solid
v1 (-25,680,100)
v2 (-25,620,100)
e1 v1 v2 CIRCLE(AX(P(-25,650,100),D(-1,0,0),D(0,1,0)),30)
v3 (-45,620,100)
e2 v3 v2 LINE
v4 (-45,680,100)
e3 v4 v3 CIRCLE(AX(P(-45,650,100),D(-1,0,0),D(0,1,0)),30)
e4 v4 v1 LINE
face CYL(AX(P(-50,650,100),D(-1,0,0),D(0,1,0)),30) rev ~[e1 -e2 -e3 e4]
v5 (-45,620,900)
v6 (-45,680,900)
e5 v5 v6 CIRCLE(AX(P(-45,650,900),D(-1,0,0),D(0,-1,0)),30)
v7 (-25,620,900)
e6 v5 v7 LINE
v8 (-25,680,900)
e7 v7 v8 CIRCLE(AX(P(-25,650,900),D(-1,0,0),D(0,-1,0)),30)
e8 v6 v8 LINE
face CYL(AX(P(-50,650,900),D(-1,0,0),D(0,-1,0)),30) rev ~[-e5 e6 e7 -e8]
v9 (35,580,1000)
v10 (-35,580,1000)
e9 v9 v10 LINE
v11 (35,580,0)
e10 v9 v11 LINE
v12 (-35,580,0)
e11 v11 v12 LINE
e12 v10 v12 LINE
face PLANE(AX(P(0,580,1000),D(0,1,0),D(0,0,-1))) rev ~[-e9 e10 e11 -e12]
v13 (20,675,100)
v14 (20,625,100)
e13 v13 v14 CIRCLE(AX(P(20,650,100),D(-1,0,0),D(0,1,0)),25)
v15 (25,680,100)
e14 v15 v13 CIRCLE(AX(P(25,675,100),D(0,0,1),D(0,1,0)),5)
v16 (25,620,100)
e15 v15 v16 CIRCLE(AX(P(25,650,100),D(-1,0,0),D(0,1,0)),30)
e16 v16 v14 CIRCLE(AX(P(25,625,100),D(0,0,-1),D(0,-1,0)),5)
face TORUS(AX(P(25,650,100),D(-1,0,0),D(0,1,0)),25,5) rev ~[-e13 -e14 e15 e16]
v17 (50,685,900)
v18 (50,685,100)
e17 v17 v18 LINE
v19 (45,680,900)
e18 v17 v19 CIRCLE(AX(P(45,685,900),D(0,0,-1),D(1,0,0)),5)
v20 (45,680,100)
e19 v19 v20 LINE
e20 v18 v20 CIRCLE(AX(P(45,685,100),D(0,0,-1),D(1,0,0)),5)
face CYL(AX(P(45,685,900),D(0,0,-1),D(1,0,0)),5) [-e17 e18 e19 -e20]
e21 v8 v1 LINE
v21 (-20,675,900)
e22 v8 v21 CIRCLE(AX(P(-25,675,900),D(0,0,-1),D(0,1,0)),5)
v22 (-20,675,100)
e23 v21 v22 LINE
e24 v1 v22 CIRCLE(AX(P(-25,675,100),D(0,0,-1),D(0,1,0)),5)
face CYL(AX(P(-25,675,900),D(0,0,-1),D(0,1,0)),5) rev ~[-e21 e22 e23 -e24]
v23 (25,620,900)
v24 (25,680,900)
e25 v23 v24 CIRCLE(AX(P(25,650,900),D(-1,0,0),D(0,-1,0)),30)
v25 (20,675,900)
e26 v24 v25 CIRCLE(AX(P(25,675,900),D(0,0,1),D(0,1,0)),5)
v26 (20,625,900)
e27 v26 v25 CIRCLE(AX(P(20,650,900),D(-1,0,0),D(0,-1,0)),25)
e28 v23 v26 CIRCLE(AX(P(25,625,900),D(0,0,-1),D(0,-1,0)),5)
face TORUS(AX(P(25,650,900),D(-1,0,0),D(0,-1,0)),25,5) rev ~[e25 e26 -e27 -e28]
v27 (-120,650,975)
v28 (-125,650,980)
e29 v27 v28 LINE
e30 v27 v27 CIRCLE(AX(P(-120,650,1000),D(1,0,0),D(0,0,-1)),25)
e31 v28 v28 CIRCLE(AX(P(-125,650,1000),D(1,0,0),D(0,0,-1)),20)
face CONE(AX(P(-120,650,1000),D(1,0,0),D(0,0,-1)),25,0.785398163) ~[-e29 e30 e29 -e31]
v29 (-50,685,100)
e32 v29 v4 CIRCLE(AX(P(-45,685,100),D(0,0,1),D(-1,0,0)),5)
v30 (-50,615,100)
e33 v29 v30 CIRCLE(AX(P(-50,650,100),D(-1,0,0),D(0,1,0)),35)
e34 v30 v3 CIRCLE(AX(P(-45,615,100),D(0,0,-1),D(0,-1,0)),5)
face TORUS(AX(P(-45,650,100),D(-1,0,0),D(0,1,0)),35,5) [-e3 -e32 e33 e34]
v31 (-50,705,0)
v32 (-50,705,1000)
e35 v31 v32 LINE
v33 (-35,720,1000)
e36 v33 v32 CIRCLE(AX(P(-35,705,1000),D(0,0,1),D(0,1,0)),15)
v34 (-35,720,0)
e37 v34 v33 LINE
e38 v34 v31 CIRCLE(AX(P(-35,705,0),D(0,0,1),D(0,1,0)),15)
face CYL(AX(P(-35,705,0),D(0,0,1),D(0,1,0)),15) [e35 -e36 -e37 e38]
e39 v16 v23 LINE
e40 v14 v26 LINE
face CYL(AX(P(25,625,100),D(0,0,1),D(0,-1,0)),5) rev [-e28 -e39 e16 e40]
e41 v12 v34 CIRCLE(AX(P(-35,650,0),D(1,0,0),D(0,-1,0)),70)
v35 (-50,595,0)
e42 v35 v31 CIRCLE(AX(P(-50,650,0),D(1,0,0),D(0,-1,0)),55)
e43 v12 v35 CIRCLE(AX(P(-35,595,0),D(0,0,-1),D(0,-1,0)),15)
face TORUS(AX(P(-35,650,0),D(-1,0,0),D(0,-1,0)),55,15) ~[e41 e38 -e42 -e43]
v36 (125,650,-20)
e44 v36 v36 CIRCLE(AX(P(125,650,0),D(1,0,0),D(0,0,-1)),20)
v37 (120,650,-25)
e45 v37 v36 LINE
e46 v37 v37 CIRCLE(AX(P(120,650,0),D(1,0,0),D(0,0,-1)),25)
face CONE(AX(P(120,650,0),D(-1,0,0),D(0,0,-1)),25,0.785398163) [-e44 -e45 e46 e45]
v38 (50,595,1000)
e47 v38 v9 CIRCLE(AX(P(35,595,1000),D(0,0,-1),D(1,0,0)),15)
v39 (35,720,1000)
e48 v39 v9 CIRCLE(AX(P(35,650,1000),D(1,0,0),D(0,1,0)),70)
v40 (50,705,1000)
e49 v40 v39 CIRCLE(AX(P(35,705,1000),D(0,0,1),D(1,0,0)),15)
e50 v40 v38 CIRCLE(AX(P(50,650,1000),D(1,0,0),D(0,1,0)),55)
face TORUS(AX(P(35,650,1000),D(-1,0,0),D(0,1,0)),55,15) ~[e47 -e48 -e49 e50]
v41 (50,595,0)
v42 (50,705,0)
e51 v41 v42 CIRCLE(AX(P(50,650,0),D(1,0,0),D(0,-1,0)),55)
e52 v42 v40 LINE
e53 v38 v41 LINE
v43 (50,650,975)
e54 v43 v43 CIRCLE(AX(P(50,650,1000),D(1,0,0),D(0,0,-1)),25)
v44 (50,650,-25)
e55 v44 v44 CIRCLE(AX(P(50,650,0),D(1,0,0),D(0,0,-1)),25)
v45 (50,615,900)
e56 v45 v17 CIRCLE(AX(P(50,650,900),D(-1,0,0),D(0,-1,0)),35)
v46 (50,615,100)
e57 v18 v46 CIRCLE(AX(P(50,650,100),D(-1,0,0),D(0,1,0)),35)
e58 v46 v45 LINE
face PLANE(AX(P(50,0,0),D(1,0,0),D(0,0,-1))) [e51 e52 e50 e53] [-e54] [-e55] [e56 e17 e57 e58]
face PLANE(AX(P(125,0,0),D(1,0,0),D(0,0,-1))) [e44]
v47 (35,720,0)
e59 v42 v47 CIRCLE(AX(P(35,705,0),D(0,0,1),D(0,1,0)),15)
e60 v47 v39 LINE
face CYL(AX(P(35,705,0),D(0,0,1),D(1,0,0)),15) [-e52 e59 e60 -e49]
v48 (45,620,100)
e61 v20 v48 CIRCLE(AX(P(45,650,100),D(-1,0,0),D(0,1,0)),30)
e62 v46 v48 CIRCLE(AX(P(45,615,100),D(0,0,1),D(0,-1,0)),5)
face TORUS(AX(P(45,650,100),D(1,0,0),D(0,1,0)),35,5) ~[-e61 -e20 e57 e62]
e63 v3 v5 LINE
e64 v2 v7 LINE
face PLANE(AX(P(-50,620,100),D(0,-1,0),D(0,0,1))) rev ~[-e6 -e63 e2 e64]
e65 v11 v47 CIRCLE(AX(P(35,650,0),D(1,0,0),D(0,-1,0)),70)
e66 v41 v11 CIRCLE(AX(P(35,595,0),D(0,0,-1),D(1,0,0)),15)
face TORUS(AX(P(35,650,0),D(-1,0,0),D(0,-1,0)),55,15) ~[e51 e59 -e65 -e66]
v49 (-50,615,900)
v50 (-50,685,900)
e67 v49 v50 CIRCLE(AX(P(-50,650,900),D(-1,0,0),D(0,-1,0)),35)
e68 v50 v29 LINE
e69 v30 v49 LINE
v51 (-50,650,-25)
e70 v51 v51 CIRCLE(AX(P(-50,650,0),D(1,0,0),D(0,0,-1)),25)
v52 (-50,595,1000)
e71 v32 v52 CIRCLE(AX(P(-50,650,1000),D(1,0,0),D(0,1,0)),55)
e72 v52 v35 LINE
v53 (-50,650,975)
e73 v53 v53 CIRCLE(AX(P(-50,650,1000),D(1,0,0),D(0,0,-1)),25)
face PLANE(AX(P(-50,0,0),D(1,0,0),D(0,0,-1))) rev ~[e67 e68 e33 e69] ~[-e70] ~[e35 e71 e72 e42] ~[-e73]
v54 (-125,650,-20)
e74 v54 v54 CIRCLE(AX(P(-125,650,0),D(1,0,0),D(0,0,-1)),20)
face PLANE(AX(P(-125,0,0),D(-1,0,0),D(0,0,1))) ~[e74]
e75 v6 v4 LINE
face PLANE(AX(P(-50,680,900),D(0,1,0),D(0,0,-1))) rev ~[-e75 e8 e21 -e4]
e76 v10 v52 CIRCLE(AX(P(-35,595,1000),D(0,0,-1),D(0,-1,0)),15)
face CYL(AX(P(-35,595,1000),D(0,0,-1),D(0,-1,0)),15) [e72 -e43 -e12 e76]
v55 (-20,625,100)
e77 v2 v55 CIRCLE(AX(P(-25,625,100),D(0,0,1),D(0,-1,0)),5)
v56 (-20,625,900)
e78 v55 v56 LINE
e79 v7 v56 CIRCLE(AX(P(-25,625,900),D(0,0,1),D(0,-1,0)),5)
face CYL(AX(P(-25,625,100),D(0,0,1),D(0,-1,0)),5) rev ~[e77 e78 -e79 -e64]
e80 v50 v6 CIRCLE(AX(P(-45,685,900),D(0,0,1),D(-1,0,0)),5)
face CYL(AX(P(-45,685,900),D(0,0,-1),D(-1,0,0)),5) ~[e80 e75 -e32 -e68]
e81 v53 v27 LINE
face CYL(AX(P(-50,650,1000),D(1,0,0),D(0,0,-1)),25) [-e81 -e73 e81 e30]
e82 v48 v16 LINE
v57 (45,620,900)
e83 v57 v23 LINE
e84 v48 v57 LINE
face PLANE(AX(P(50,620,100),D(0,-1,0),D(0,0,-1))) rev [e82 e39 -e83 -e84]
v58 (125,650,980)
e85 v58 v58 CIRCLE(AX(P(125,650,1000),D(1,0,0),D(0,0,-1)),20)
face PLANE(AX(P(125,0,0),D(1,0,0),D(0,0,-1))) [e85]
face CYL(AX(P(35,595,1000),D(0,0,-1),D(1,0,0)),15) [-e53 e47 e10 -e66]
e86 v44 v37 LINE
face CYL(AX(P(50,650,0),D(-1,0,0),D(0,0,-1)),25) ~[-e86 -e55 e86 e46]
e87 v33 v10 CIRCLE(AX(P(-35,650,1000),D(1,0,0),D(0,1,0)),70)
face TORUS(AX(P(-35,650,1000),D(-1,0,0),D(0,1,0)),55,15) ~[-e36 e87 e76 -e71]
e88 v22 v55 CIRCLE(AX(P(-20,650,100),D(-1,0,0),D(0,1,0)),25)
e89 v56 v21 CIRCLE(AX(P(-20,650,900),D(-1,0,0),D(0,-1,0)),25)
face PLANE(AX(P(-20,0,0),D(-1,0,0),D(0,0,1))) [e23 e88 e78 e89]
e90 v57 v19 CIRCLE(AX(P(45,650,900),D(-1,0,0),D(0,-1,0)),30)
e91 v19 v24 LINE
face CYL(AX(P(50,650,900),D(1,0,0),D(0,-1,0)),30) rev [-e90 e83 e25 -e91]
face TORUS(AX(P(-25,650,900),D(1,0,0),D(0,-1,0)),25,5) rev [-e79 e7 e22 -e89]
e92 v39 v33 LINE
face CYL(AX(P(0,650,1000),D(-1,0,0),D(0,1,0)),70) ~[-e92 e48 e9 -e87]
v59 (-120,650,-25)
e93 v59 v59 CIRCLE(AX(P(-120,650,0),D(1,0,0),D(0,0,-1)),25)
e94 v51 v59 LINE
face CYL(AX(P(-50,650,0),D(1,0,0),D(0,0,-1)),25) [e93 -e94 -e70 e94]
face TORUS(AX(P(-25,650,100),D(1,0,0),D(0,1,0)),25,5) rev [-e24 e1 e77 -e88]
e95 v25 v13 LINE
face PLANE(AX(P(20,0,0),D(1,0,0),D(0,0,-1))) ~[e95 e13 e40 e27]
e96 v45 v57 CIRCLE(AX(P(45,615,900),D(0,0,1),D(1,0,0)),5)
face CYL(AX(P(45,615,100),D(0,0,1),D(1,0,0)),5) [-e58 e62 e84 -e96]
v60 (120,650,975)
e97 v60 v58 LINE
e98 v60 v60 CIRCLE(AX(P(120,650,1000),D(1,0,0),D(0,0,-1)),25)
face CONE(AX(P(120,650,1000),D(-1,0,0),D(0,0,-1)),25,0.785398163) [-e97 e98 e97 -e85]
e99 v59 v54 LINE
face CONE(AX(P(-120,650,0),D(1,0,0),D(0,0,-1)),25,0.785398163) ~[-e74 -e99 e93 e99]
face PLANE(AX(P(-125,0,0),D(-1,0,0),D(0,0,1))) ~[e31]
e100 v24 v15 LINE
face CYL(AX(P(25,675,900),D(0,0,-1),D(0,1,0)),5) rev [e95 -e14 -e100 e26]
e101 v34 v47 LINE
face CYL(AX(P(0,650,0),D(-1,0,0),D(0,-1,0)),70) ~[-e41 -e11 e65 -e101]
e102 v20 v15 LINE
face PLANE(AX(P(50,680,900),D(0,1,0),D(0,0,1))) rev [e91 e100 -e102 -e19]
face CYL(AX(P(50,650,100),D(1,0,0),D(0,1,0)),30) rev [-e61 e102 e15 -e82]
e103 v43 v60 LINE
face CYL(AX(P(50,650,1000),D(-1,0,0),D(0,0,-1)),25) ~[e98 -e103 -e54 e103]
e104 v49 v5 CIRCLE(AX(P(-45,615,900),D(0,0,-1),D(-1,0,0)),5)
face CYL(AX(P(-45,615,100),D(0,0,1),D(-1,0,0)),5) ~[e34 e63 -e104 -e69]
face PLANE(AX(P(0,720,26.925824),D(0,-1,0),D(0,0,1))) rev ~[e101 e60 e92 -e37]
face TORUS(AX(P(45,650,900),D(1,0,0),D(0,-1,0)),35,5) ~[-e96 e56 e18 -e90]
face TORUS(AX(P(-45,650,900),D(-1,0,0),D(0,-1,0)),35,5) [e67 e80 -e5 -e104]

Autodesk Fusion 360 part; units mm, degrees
sketch "Sketch3" plane through (0, 0, 0) normal (1, 0, 0) x (0, 0, -1)
  circle A0 centre (0, 650) radius 25
  line L0 (0, 720) -> (-1000, 720)
  arc A1 (-1000, 720) -> (-1000, 580) centre (-1000, 650) ccw
  line L1 (-1000, 580) -> (0, 580)
  arc A2 (0, 580) -> (0, 720) centre (0, 650) ccw
  line L2 (0, 650) -> (-1000, 650) construction
  arc A3 (75, 650) -> (-75, 650) centre (0, 650) ccw
  dimension "d1" = 1000
  dimension "d2" = 70
extrude "Extrude1" add sketch "Sketch3" along normal mid plane 100 contours A0 | L0 A1 L1 A2
sketch "Sketch1" plane through (50, 0, 0) normal (1, 0, 0) x (0, 0, -1)
  arc A0 (0, 580) -> (0, 720) centre (0, 650) ccw
  line L0 (0, 720) -> (-1000, 720)
  arc A1 (-1000, 720) -> (-1000, 580) centre (-1000, 650) ccw
  line L1 (-1000, 580) -> (0, 580)
  circle A2 centre (-1000, 650) radius 25
  circle A3 centre (0, 650) radius 25
  dimension "d39" = 50
  dimension "d40" = 50
extrude "Extrude2" add sketch "Sketch1" along normal blind 75 contours A2 | A3
mirror "Mirror1" about plane through (0, 0, 0) normal (1, 0, 0) of "Extrude2"
chamfer "Chamfer1" distance 5 angle 45 4 edges at (125, 640.9596, 1023.3082) (125, 640.9596, 23.3082) (-125, 640.9596, 1023.3082) (-125, 640.9596, 23.3082)
fillet "Fillet1" radius 15 8 edges at (50, 580, 500) (50, 650, -70) (50, 720, 500) (50, 650, 1070) (-50, 580, 500) (-50, 650, 1070) (-50, 720, 500) (-50, 650, -70)
sketch "Sketch2" plane through (-50, 0, 0) normal (-1, 0, 0) x (0, 0, 1)
  circle A0 centre (1000, 650) radius 25
  circle A1 centre (0, 650) radius 25
  line L0 (0, 595) -> (1000, 595)
  arc A2 (1000, 595) -> (1000, 705) centre (1000, 650) ccw
  line L1 (1000, 705) -> (0, 705)
  arc A3 (0, 705) -> (0, 595) centre (0, 650) ccw
  line L2 (100, 620) -> (900, 620)
  arc A4 (900, 620) -> (900, 680) centre (900, 650) ccw
  line L3 (900, 680) -> (100, 680)
  arc A5 (100, 680) -> (100, 620) centre (100, 650) ccw
  line L4 (100, 650) -> (900, 650) construction
  circle A6 centre (1000, 650) radius 20
  circle A7 centre (0, 650) radius 20
  dimension "d46" = 100
  dimension "d47" = 100
  dimension "d48" = 30
extrude "Extrude3" cut sketch "Sketch2" against normal blind 30 contours L2 A4 L3 A5
mirror "Mirror2" about plane through (0, 0, 0) normal (1, 0, 0) of "Extrude3"
fillet "Fillet2" radius 5 16 edges at (50, 680, 500) (50, 650, 70) (50, 620, 500) (50, 650, 930) (20, 680, 500) (20, 650, 930) (20, 620, 500) (20, 650, 70) (-20, 680, 500) (-20, 650, 930) (-20, 620, 500) (-20, 650, 70) (-50, 680, 500) (-50, 650, 930) (-50, 620, 500) (-50, 650, 70)
